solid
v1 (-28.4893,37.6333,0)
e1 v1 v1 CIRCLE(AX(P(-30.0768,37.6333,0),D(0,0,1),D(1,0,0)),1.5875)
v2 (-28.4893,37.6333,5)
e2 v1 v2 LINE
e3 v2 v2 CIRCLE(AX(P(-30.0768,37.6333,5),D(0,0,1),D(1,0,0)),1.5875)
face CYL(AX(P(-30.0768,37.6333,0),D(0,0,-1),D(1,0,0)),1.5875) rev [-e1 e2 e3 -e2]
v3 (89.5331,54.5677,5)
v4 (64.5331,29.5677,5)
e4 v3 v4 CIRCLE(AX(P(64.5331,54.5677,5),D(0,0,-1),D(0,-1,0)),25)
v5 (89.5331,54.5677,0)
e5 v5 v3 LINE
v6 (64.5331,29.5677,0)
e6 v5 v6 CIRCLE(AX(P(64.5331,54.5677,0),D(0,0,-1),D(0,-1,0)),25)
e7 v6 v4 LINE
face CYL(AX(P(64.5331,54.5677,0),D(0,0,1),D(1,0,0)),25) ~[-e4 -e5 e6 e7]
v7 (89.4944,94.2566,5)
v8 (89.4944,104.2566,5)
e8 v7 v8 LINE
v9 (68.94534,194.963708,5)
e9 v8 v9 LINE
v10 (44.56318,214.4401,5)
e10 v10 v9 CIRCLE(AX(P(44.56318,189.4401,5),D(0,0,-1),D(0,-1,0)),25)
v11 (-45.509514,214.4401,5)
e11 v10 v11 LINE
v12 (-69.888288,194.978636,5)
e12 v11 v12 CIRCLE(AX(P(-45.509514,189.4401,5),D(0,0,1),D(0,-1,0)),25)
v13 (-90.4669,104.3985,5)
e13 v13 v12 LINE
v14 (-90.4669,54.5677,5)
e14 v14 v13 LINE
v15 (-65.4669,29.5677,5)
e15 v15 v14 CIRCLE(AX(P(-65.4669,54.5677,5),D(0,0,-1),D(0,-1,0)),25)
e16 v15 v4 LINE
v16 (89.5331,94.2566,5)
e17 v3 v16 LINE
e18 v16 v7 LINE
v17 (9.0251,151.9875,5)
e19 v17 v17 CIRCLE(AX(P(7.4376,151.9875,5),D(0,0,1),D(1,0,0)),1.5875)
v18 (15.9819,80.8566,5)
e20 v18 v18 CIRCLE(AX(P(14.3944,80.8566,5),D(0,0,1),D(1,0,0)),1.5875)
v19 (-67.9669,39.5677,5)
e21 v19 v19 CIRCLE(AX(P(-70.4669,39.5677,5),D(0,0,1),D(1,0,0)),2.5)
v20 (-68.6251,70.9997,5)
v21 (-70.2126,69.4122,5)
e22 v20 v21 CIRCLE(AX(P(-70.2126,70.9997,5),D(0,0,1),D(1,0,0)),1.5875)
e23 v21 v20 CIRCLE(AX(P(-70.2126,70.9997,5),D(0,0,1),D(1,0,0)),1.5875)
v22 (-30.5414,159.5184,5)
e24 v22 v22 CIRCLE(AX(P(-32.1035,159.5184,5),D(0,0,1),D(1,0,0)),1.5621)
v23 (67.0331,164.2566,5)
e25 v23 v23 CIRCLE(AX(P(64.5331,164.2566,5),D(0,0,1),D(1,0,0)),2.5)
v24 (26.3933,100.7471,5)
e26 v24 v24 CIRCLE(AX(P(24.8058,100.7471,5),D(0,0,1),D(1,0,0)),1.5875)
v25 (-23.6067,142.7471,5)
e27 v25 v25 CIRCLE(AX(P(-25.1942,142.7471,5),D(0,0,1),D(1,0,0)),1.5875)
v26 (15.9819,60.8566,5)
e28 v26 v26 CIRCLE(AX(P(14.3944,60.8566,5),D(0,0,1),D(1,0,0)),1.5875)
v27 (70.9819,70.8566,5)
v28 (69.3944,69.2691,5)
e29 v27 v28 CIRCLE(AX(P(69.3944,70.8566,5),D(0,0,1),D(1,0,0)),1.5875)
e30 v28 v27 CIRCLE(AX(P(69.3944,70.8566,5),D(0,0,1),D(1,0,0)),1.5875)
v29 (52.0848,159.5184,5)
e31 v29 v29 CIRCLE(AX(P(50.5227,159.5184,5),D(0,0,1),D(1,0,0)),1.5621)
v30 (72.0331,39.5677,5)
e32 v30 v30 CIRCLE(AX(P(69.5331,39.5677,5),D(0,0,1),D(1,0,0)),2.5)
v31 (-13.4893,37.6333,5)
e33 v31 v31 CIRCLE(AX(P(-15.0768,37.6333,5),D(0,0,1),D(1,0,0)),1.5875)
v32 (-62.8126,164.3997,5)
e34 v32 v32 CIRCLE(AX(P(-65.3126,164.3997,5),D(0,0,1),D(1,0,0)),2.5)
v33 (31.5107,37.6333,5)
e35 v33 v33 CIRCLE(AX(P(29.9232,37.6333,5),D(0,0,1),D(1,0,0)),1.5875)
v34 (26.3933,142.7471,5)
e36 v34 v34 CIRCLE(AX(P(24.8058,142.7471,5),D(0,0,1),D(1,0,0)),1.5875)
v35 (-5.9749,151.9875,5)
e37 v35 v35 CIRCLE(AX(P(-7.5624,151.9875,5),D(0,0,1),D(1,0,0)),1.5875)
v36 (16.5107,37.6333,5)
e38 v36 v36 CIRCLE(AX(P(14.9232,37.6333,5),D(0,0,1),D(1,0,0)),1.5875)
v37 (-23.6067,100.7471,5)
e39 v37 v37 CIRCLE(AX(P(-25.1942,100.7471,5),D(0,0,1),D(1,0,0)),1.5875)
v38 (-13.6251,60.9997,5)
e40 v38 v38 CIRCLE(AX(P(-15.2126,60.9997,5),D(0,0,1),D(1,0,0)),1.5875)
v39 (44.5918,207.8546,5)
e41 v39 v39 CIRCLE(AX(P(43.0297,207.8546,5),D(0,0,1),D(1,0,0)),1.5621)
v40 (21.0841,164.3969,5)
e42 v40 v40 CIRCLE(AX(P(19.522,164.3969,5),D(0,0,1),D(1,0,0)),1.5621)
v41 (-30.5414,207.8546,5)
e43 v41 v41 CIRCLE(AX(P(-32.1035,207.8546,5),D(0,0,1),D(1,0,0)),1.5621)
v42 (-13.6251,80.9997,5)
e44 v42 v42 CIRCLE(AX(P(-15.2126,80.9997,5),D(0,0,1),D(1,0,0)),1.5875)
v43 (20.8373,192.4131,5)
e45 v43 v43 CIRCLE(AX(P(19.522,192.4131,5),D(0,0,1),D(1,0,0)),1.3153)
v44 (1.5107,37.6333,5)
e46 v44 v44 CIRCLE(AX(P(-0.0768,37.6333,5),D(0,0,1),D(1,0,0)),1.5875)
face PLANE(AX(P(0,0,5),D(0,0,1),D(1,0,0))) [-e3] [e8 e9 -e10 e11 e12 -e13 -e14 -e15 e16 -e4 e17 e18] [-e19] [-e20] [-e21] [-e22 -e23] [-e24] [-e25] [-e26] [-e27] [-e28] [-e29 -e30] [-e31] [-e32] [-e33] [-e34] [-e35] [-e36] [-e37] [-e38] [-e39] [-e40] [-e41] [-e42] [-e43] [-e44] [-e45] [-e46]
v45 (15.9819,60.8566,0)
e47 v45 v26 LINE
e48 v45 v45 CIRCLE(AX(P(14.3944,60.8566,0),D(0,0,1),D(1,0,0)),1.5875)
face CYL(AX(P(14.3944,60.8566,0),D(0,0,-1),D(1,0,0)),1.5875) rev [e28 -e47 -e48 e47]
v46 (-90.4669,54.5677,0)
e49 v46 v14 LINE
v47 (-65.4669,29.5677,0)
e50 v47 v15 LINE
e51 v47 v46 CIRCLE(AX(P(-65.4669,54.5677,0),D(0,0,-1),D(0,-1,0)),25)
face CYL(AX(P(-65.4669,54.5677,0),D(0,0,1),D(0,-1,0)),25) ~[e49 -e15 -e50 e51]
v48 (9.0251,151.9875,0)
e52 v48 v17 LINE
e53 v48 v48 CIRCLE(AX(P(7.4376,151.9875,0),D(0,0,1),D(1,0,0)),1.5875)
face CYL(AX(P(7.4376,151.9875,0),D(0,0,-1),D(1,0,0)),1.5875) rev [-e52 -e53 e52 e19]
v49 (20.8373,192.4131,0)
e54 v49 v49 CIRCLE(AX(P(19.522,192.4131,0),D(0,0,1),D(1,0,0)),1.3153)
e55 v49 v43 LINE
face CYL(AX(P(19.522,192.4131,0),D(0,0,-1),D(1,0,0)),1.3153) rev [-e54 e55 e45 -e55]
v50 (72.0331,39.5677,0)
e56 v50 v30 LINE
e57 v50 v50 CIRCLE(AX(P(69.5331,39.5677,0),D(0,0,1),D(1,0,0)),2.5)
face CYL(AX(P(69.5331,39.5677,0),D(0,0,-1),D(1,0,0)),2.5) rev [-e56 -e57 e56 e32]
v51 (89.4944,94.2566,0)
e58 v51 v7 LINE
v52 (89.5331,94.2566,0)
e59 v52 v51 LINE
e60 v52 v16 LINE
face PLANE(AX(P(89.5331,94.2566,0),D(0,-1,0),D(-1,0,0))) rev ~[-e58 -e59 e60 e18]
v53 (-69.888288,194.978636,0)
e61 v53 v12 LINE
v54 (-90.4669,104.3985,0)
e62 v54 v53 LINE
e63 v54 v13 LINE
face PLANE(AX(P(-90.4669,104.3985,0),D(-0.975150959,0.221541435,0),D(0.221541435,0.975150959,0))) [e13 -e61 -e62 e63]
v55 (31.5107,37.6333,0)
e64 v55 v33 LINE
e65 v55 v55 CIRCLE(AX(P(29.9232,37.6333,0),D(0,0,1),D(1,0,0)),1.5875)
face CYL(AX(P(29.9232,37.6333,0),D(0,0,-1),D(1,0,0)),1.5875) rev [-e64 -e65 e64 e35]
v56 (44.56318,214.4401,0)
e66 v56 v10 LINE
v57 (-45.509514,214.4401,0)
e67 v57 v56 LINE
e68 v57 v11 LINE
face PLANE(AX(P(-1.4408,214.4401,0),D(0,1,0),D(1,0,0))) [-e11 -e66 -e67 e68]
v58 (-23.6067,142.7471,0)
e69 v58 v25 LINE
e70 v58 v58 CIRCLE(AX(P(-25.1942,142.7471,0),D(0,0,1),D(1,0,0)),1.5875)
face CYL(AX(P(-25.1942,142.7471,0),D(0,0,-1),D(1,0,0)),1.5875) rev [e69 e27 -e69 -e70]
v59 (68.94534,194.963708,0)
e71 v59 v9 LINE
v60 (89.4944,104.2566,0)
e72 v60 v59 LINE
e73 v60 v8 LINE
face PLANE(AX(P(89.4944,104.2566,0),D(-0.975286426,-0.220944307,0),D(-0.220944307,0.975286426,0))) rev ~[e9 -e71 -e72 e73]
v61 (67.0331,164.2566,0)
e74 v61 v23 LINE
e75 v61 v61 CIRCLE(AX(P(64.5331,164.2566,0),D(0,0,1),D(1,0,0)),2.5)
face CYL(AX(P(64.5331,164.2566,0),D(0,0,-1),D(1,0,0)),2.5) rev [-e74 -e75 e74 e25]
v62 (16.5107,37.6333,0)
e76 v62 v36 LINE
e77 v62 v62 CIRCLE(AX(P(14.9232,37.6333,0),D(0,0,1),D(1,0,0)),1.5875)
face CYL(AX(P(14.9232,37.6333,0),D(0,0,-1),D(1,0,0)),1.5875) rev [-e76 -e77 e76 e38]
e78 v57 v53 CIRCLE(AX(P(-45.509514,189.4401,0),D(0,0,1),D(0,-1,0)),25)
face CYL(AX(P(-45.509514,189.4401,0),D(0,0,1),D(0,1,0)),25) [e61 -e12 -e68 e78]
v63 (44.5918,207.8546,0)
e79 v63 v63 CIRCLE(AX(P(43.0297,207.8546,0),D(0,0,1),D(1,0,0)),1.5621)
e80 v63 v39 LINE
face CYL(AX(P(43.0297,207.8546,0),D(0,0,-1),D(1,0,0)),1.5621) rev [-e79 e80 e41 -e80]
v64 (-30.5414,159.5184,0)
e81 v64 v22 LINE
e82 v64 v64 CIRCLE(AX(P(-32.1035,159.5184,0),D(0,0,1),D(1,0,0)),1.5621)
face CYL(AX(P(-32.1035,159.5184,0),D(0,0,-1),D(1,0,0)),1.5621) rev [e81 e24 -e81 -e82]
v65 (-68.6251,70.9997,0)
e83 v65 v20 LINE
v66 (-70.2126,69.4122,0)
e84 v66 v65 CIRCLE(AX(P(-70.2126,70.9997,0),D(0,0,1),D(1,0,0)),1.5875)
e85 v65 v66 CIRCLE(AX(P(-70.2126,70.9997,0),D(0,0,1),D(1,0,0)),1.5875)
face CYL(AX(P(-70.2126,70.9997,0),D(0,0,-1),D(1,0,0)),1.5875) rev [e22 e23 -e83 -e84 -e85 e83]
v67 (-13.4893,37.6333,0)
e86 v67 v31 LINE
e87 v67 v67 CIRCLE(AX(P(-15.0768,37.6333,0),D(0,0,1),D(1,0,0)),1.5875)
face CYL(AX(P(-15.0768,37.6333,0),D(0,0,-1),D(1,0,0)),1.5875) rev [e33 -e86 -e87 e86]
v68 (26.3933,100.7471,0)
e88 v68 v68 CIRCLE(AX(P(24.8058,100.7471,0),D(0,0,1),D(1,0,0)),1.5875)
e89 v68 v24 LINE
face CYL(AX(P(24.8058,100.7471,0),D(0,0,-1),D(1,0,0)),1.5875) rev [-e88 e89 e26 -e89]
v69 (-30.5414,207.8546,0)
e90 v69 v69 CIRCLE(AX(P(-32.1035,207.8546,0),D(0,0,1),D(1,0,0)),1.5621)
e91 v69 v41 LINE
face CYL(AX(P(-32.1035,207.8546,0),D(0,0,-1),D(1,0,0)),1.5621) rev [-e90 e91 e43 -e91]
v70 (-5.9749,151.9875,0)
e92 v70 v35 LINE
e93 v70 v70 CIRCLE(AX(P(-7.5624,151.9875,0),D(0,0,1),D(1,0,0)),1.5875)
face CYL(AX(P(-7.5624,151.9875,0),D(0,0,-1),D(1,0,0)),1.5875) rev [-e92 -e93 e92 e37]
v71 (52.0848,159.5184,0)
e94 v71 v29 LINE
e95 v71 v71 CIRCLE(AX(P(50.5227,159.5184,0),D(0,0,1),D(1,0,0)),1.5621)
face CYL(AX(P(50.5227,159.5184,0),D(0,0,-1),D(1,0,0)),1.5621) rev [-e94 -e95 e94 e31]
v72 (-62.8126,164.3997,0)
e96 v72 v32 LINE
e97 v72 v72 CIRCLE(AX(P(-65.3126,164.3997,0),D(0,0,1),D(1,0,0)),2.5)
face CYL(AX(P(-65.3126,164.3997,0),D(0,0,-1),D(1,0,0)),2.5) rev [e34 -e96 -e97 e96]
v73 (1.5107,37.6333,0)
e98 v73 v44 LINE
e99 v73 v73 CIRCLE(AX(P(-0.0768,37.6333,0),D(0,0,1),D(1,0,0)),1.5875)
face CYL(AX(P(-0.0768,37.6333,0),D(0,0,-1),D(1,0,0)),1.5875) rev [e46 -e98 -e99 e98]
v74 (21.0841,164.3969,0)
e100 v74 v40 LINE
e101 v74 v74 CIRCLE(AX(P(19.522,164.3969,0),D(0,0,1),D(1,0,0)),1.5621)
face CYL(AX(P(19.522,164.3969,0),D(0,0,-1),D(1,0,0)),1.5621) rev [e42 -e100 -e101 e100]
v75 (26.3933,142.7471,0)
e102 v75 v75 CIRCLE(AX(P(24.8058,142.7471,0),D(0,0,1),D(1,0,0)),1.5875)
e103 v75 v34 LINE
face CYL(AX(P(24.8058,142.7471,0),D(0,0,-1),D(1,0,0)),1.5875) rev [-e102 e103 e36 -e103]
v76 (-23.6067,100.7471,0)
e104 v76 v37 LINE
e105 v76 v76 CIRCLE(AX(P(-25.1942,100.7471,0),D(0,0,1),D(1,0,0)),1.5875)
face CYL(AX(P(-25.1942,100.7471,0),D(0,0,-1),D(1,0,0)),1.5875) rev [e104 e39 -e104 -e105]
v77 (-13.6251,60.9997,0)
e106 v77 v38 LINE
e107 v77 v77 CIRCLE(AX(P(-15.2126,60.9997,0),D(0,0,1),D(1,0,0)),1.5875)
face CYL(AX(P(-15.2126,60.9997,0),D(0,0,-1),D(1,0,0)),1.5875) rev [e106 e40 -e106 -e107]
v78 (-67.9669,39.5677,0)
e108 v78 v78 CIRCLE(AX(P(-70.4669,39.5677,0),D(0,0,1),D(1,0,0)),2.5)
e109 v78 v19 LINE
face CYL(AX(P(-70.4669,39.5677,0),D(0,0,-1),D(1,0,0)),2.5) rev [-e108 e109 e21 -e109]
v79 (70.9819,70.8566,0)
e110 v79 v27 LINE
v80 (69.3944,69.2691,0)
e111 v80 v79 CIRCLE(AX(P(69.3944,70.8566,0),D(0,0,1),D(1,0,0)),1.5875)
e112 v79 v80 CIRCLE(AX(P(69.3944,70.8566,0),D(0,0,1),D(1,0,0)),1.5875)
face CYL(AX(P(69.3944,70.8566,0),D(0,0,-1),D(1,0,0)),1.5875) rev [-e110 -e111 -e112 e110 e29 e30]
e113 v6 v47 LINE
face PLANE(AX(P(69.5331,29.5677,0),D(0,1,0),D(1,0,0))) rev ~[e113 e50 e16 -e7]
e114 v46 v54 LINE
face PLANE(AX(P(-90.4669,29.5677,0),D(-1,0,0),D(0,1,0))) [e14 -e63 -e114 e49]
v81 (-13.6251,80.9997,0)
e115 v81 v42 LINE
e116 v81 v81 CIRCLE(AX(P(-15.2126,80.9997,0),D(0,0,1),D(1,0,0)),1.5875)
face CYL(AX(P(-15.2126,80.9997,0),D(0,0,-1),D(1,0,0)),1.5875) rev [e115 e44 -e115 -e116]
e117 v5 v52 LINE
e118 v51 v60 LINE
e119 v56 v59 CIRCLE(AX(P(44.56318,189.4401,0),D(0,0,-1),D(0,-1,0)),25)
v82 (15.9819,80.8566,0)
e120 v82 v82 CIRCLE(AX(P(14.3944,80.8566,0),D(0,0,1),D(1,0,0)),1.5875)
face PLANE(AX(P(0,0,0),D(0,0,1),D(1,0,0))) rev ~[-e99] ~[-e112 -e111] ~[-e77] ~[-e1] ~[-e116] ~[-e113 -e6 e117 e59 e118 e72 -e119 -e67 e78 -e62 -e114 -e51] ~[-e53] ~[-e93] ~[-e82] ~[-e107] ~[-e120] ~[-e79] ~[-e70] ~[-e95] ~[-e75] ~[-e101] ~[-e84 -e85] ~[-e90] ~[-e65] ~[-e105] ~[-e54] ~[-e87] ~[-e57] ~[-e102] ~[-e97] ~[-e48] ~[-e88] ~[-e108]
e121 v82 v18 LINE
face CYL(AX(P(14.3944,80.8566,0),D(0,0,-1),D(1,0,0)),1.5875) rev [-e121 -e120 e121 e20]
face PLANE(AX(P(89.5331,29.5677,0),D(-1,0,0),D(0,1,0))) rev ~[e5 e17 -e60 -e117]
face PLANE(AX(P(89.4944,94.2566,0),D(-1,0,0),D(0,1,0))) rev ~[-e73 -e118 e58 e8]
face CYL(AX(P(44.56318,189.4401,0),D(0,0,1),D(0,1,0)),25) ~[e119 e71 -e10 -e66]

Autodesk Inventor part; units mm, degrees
ref_plane "YZ Plane" through (0, 0, 0) normal (1, 0, 0) x (0, 1, 0)
ref_plane "XZ Plane" through (0, 0, 0) normal (0, 1, 0) x (-1, 0, 0)
ref_plane "XY Plane" through (0, 0, 0) normal (0, 0, 1) x (1, 0, 0)
sketch "Base" plane through (0, 0, 0) normal (0, 0, 1) x (1, 0, 0)
  line L0 (54.795, 156.8823) -> (-53.4125, 156.8823)
  line L1 (-53.4125, 156.8823) -> (-53.4125, 210.2985)
  line L2 (-53.4125, 210.2985) -> (54.795, 210.2985)
  line L3 (54.795, 210.2985) -> (54.795, 156.8823)
  circle A0 centre (50.5227, 159.5184) radius 1.5621
  circle A1 centre (50.5227, 159.5184) radius 1.5621
  circle A2 centre (19.522, 164.3969) radius 1.5621
  circle A3 centre (19.522, 164.3969) radius 1.5621
  circle A4 centre (-32.1035, 159.5184) radius 1.5621
  circle A5 centre (-32.1035, 159.5184) radius 1.5621
  circle A6 centre (19.522, 192.4131) radius 1.3153
  circle A7 centre (43.0297, 207.8546) radius 1.5621
  circle A8 centre (43.0297, 207.8546) radius 1.5621
  circle A9 centre (-32.1035, 207.8546) radius 1.5621
  circle A10 centre (-32.1035, 207.8546) radius 1.5621
  line L4 (-1.4408, 214.4401) -> (-65.4669, 214.4401)
  line L5 (-90.4669, 29.5677) -> (89.5331, 29.5677)
  line L6 (34.9232, 45.6333) -> (34.9232, 29.6333)
  line L7 (-35.0768, 29.6333) -> (-35.0768, 45.6333)
  line L8 (34.9232, 45.6333) -> (-35.0768, 45.6333)
  line L9 (-35.0768, 29.6333) -> (34.9232, 29.6333)
  circle A11 centre (29.9232, 37.6333) radius 1.5875
  circle A12 centre (14.9232, 37.6333) radius 1.5875
  circle A13 centre (-0.0768, 37.6333) radius 1.5875
  circle A14 centre (-0.0768, 37.6333) radius 1.5875
  circle A15 centre (-15.0768, 37.6333) radius 1.5875
  circle A16 centre (-30.0768, 37.6333) radius 1.5875
  line L10 (-10.0624, 153.9875) -> (-10.0624, 149.9875)
  line L11 (9.9376, 149.9875) -> (9.9376, 153.9875)
  line L12 (-10.0624, 149.9875) -> (-10.0624, 153.9875)
  line L13 (-10.0624, 153.9875) -> (9.9376, 153.9875)
  line L14 (9.9376, 153.9875) -> (9.9376, 149.9875)
  line L15 (9.9376, 149.9875) -> (-10.0624, 149.9875)
  circle A17 centre (-7.5624, 151.9875) radius 1.5875
  circle A18 centre (-7.5624, 151.9875) radius 1.5875
  circle A19 centre (7.4376, 151.9875) radius 1.5875
  circle A20 centre (7.4376, 151.9875) radius 1.5875
  circle A21 centre (-346.1506, -30.1346) radius 0.95
  circle A22 centre (-346.1506, -30.1346) radius 16
  circle A23 centre (-346.1506, -30.1346) radius 17.4
  circle A24 centre (-346.1506, -30.1346) radius 18.4
  circle A25 centre (-346.1506, -30.1346) radius 17
  line L16 (-335.9251, -43.7154) -> (-336.3078, -42.7916)
  line L17 (-335.9251, -43.7154) -> (-336.3078, -42.7916)
  line L18 (-344.1607, -46.0444) -> (-343.7781, -46.9682)
  line L19 (-343.7781, -46.9682) -> (-344.1607, -46.0444)
  line L20 (-359.7314, -40.3601) -> (-358.8075, -39.9775)
  line L21 (-359.7314, -40.3601) -> (-358.8075, -39.9775)
  line L22 (-362.0604, -32.1245) -> (-362.9842, -32.5072)
  line L23 (-362.9842, -32.5072) -> (-362.0604, -32.1245)
  line L24 (-343.7781, -13.301) -> (-344.1607, -14.2249)
  line L25 (-343.7781, -13.301) -> (-344.1607, -14.2249)
  line L26 (-336.3078, -17.4777) -> (-335.9251, -16.5538)
  line L27 (-335.9251, -16.5538) -> (-336.3078, -17.4777)
  line L28 (-0.4669, 29.5677) -> (-3.8896, 29.5677)
  circle A26 centre (-30.0768, 37.6333) radius 1.5875
  circle A27 centre (-30.0768, 37.6333) radius 1.5875
  line L29 (-90.4669, 29.5677) -> (-90.4669, 104.3985)
  line L30 (114.5331, -0.4323) -> (89.5331, -0.4323)
  line L31 (89.5331, 29.5677) -> (89.5331, 94.2566)
  line L32 (10.3338, -39.9759) -> (10.0469, -40.3854)
  arc A28 (6.6378, -33.8337) -> (10.0469, -40.3854) centre (14.6378, -33.8337) ccw
  line L33 (6.6378, -25.8337) -> (6.6378, -33.8337)
  line L34 (6.6378, -33.8337) -> (6.6378, -25.8337)
  arc A29 (14.6378, -17.8337) -> (6.6378, -25.8337) centre (14.6378, -25.8337) ccw
  line L35 (14.6378, -17.8337) -> (45.6378, -17.8337)
  arc A30 (53.6378, -25.8337) -> (45.6378, -17.8337) centre (45.6378, -25.8337) ccw
  line L36 (53.6378, -33.8337) -> (53.6378, -25.8337)
  line L37 (53.6378, -25.8336) -> (53.6378, -33.8337)
  arc A31 (45.6378, -41.8337) -> (53.6378, -33.8337) centre (45.6378, -33.8337) ccw
  arc A32 (14.6378, -17.8337) -> (6.6378, -25.8337) centre (14.6378, -25.8337) ccw
  arc A33 (6.6378, -33.8337) -> (14.6378, -41.8337) centre (14.6378, -33.8337) ccw
  arc A34 (45.6378, -41.8337) -> (53.6378, -33.8337) centre (45.6378, -33.8337) ccw
  arc A35 (53.6378, -25.8337) -> (45.6378, -17.8337) centre (45.6378, -25.8337) ccw
  line L38 (14.6378, -41.8337) -> (45.6378, -41.8337)
  line L39 (14.6378, -41.8337) -> (31.3301, -41.8337)
  line L40 (31.3301, -17.8337) -> (31.3301, -41.8337)
  line L41 (6.6378, -29.8337) -> (31.3301, -29.8337)
  line L42 (-50.1942, 121.7471) -> (-50.1942, 137.7471)
  line L43 (-50.1942, 137.7471) -> (49.8058, 137.7471)
  line L44 (-50.1942, 121.7471) -> (-50.1942, 105.7471)
  line L45 (-50.1942, 105.7471) -> (49.8058, 105.7471)
  line L46 (49.8058, 105.7471) -> (49.8058, 137.7471)
  line L47 (49.8058, 105.7471) -> (29.8058, 105.7471)
  line L48 (29.8058, 105.7471) -> (29.8058, 95.7471)
  line L49 (29.8058, 95.7471) -> (19.8058, 95.7471)
  line L50 (19.8058, 95.7471) -> (19.8058, 105.7471)
  line L51 (-50.1942, 105.7471) -> (-30.1942, 105.7471)
  line L52 (-30.1942, 105.7471) -> (-30.1942, 95.7471)
  line L53 (-30.1942, 95.7471) -> (-20.1942, 95.7471)
  line L54 (-20.1942, 95.7471) -> (-20.1942, 105.7471)
  line L55 (49.8058, 137.7471) -> (29.8058, 137.7471)
  line L56 (29.8058, 137.7471) -> (29.8058, 147.7471)
  line L57 (29.8058, 147.7471) -> (19.8058, 147.7471)
  line L58 (19.8058, 147.7471) -> (19.8058, 137.7471)
  line L59 (-50.1942, 137.7471) -> (-30.1942, 137.7471)
  line L60 (-30.1942, 137.7471) -> (-30.1942, 147.7471)
  line L61 (-30.1942, 147.7471) -> (-20.1942, 147.7471)
  line L62 (-20.1942, 147.7471) -> (-20.1942, 137.7471)
  line L63 (-30.1942, 137.7471) -> (-25.1942, 137.7471)
  line L64 (-30.1942, 105.7471) -> (-25.1942, 105.7471)
  line L65 (-30.1942, 105.7471) -> (-25.1942, 105.7471)
  line L66 (19.8058, 137.7471) -> (24.8058, 137.7471)
  line L67 (19.8058, 105.7471) -> (24.8058, 105.7471)
  circle A36 centre (-25.1942, 142.7471) radius 1.5875
  circle A37 centre (24.8058, 142.7471) radius 1.5875
  circle A38 centre (-25.1942, 100.7471) radius 1.5875
  circle A39 centre (24.8058, 100.7471) radius 1.5875
  line L68 (-1.4408, 214.4401) -> (64.5331, 214.4401)
  line L69 (-65.4669, 214.4401) -> (-40.4669, 214.4401)
  line L70 (64.5331, 214.4401) -> (39.5331, 214.4401)
  line L71 (89.4944, 52.4566) -> (19.3944, 52.4566)
  line L72 (19.3944, 52.4566) -> (19.3944, 89.2566)
  line L73 (19.3944, 89.2566) -> (89.4944, 89.2566)
  line L74 (89.4944, 89.2566) -> (89.4944, 52.4566)
  line L75 (-20.2126, 89.3997) -> (-20.2126, 52.5997)
  line L76 (-20.2126, 52.5997) -> (-90.3126, 52.5997)
  line L77 (-90.3126, 52.5997) -> (-90.3126, 89.3997)
  line L78 (-90.3126, 89.3997) -> (-20.2126, 89.3997)
  line L79 (-20.2126, 89.3997) -> (-20.2126, 52.5997)
  line L80 (-20.2126, 52.5997) -> (-10.2126, 52.5997)
  line L81 (-10.2126, 52.5997) -> (-10.2126, 89.3997)
  line L82 (-10.2126, 89.3997) -> (-20.2126, 89.3997)
  circle A40 centre (-15.2126, 80.9997) radius 1.5875
  circle A41 centre (-15.2126, 60.9997) radius 1.5875
  line L83 (19.3944, 52.4566) -> (9.3944, 52.4566)
  line L84 (9.3944, 52.4566) -> (9.3944, 89.2566)
  line L85 (9.3944, 89.2566) -> (19.3944, 89.2566)
  circle A42 centre (14.3944, 80.8566) radius 1.5875
  circle A43 centre (14.3944, 60.8566) radius 1.5875
  line L86 (-90.3126, 89.3997) -> (-90.3126, 94.3997)
  line L87 (-90.3126, 94.3997) -> (-10.2126, 94.3997)
  line L88 (-10.2126, 94.3997) -> (-10.2126, 89.3997)
  line L89 (-10.2126, 52.5997) -> (-10.2126, 47.5997)
  line L90 (-10.2126, 47.5997) -> (-90.3126, 47.5997)
  line L91 (-90.3126, 47.5997) -> (-90.3126, 52.5997)
  line L92 (9.3944, 52.4566) -> (9.3944, 47.4566)
  line L93 (9.3944, 47.4566) -> (89.4566, 47.4566)
  line L94 (89.4566, 47.4566) -> (89.4944, 52.4566)
  line L95 (89.4944, 89.2566) -> (89.4944, 94.2566)
  line L96 (89.4944, 94.2566) -> (9.3944, 94.2566)
  line L97 (9.3944, 94.2566) -> (9.3944, 89.2566)
  line L98 (-90.3126, 94.3997) -> (-90.4669, 104.3985)
  line L99 (-90.4669, 104.3985) -> (-65.4669, 214.4401)
  line L100 (89.4944, 94.2566) -> (89.4944, 104.2566)
  line L101 (89.4944, 104.2566) -> (64.5331, 214.4401)
  line L102 (-90.4669, 29.5677) -> (-70.4669, 29.5677)
  line L103 (89.5331, 29.5677) -> (69.5331, 29.5677)
  line L104 (-90.3126, 94.3997) -> (-65.3126, 94.3997)
  line L105 (89.5331, 94.2566) -> (64.5331, 94.2566)
  circle A44 centre (-65.3126, 164.3997) radius 2.5
  circle A45 centre (64.5331, 164.2566) radius 2.5
  circle A46 centre (69.5331, 39.5677) radius 2.5
  circle A47 centre (-70.4669, 39.5677) radius 2.5
  line L106 (-20.2126, 52.5997) -> (-70.2126, 52.5997)
  line L107 (-70.2126, 52.5997) -> (-70.2126, 70.9997)
  line L108 (19.3944, 52.4566) -> (69.3944, 52.4566)
  line L109 (69.3944, 52.4566) -> (69.3944, 70.8566)
  circle A48 centre (-70.2126, 70.9997) radius 1.5875
  circle A49 centre (69.3944, 70.8566) radius 1.5875
  point P0 (-0.0768, 37.6333)
  point P1 (-0.0624, 151.9875)
  dimension "d72" = 50
  dimension "d73" = 18.4
  dimension "d74" = 50
  dimension "d75" = 18.4
  dimension "d76" = 3.175
  dimension "d77" = 3.175
extrude "Extrusion1" add sketch "Base" along normal blind 5 contours L0 L1 L2 L3 | L87 L88 L82 L78 L86 | L95 L73 L85 L97 L96 | L68 L101 L100 L105 L31 L5 L29 L99 L4 | L78 L75 L76 L77 | L74 L71 L72 L73 | L76 L80 L89 L90 L91 | L82 L81 L80 L75 | L72 L83 L84 L85 | L94 L93 L92 L83 L71 | L6 L9 L7 L8 | L13 L11 L15 L10 | L42 L43 L46 L45 L44 | L60 L61 L62 L43 | L45 L54 L53 L52 | L58 L57 L56 L43 | L45 L48 L49 L50
fillet "Fillet1" radius 25 4 edges at (89.5331, 29.5677, 2.5) (64.5331, 214.4401, 2.5) (-65.4669, 214.4401, 2.5) (-90.4669, 29.5677, 2.5)
properties part number "Base"
